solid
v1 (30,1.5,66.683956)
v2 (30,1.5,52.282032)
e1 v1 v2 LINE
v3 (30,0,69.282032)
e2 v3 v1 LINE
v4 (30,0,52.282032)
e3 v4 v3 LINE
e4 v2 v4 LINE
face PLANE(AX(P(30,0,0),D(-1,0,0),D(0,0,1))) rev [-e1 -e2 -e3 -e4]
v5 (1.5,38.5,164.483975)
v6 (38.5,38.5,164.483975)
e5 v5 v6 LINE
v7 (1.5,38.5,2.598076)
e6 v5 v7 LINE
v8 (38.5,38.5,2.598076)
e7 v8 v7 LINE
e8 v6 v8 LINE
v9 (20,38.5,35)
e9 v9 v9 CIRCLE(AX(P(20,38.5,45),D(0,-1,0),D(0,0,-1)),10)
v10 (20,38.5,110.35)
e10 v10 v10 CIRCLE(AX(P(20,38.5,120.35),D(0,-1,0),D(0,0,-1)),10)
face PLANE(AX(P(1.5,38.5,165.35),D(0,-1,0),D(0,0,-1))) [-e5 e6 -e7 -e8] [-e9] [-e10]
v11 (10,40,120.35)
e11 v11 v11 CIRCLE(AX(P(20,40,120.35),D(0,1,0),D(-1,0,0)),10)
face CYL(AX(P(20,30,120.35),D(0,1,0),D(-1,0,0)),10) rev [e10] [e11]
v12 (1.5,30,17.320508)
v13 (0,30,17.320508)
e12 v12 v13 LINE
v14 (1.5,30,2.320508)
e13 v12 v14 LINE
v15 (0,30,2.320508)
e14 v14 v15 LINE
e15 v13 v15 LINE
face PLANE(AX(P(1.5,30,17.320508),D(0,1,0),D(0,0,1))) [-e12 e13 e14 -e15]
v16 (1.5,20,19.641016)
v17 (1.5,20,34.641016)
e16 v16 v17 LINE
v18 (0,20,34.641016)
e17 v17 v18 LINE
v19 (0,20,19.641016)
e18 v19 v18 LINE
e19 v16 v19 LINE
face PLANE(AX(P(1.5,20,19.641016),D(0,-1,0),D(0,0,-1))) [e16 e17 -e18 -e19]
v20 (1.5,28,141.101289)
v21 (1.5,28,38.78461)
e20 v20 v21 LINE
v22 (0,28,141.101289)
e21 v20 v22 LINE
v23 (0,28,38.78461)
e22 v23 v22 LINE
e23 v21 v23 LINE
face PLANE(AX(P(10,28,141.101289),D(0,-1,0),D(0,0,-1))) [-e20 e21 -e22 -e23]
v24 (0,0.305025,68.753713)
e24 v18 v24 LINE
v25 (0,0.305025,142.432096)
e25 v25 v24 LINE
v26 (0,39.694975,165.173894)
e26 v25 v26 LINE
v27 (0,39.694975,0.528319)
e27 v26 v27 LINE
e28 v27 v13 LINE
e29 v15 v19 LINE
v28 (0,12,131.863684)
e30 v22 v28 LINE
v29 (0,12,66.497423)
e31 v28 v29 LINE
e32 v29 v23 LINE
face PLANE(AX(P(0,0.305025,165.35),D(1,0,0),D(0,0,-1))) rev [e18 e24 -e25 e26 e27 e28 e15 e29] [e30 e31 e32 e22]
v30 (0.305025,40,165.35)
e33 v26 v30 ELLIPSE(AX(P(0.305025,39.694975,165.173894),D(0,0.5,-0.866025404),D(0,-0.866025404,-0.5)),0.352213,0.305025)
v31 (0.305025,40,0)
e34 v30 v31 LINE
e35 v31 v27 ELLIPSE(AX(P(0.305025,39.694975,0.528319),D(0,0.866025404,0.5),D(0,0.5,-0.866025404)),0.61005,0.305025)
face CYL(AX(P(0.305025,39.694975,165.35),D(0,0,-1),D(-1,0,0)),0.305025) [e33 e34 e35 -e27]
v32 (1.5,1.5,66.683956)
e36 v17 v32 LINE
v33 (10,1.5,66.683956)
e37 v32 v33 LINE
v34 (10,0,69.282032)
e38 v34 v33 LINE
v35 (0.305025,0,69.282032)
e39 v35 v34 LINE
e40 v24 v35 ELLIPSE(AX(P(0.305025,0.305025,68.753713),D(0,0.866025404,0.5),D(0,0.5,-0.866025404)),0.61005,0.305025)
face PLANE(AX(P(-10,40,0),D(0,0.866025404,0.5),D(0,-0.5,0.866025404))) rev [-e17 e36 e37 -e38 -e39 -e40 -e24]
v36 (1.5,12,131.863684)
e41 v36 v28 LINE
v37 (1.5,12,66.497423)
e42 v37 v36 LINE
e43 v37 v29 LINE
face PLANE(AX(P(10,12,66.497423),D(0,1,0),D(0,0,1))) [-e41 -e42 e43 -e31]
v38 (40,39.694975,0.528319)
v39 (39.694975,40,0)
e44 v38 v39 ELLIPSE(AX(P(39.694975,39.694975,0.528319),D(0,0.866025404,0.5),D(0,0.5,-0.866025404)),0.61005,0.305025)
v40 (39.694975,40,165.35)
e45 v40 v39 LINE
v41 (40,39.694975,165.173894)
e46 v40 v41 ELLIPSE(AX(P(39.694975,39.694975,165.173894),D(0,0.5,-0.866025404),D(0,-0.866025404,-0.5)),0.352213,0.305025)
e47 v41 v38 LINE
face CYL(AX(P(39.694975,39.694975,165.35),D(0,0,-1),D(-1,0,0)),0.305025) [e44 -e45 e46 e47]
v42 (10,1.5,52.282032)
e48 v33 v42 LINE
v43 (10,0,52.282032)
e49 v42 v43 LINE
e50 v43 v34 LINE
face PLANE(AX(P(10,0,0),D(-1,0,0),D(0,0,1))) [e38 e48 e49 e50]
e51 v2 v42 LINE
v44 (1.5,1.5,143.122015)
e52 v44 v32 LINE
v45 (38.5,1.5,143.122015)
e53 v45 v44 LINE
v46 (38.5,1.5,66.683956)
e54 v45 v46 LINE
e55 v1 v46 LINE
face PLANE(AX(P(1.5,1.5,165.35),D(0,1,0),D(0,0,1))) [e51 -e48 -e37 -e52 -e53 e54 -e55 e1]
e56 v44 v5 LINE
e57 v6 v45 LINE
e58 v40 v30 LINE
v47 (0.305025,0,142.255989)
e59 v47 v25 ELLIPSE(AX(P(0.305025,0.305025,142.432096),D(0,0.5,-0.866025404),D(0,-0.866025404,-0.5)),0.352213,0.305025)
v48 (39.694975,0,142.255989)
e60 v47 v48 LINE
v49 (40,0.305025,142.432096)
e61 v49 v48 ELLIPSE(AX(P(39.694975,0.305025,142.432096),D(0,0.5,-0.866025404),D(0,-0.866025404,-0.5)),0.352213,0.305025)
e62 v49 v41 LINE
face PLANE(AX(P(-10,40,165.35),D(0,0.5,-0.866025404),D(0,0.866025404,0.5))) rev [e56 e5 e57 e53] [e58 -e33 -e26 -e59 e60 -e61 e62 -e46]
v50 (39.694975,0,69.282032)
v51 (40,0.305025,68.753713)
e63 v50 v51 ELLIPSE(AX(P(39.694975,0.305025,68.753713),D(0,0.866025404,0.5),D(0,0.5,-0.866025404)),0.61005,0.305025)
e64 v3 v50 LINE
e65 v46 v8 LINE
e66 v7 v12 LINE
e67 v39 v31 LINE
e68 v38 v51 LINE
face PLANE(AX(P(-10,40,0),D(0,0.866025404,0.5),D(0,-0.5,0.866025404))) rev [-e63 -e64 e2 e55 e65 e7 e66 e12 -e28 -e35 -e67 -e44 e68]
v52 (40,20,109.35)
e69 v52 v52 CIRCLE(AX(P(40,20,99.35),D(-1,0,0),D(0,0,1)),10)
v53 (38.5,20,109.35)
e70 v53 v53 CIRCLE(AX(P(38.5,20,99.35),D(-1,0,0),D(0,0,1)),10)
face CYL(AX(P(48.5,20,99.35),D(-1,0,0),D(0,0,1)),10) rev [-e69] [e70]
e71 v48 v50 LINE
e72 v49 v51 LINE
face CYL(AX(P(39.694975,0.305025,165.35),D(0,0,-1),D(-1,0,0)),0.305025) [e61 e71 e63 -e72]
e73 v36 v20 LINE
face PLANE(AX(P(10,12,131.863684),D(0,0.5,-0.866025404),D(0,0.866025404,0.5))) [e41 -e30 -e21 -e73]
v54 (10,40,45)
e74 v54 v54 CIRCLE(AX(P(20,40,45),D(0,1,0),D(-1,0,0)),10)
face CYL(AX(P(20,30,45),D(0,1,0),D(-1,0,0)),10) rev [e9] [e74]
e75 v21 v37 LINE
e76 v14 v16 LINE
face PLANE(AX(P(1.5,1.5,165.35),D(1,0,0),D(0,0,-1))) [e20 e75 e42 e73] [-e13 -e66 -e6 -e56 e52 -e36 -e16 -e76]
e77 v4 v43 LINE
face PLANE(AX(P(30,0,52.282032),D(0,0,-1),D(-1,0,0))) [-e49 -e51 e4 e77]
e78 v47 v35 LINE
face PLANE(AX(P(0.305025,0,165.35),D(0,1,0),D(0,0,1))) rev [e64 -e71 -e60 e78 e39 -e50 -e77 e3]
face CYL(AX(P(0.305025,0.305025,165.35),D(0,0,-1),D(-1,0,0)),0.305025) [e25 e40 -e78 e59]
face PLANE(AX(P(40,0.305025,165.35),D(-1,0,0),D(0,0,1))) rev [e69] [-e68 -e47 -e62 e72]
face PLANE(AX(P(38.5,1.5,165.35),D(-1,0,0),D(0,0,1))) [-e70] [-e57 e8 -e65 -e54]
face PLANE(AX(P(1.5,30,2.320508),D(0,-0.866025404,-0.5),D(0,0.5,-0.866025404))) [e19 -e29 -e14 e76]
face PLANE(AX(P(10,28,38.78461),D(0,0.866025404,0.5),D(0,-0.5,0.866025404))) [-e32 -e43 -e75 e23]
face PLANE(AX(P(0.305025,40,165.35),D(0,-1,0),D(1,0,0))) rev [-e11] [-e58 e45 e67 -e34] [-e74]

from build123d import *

# Parameters (mm, degrees)
SKETCH1_W           = 37
SKETCH1_H           = 37
BOSS_EXTRUDE1_DEPTH = 165.35
CUT_EXTRUDE1_DEPTH  = 50
BOSS_EXTRUDE2_START = -10
BOSS_EXTRUDE2_DEPTH = 20
BOSS_EXTRUDE3_DEPTH = 1.5
CUT_EXTRUDE2_DEPTH  = 10
SKETCH6_R           = 10
CUT_EXTRUDE3_DEPTH  = 10
SKETCH7_R           = 10
CUT_EXTRUDE4_DEPTH  = 10


with BuildPart() as part:
    # Sketch1 → Boss-Extrude1 (new body)
    with BuildSketch(Plane.XY):
        with BuildLine():
            Line((0.305025041, 0), (39.694974959, 0))
            ThreePointArc((39.694974959, 0), (39.910660234, 0.089339766), (40, 0.305025041))
            Line((40, 0.305025041), (40, 39.694974959))
            ThreePointArc((40, 39.694974959), (39.910660234, 39.910660234), (39.694974959, 40))
            Line((39.694974959, 40), (0.305025041, 40))
            ThreePointArc((0.305025041, 40), (0.089339766, 39.910660234), (0, 39.694974959))
            Line((0, 39.694974959), (0, 0.305025041))
            ThreePointArc((0, 0.305025041), (0.089339766, 0.089339766), (0.305025041, 0))
        make_face()
        with Locations((20, 20)):
            Rectangle(SKETCH1_W, SKETCH1_H, mode=Mode.SUBTRACT)
    extrude(amount=BOSS_EXTRUDE1_DEPTH)

    # Sketch2 → Cut-Extrude1 (cut)
    with BuildSketch(Plane(origin=(40, 0, 0), x_dir=(0, 0, -1), z_dir=(1, 0, 0))):
        Polygon((0, 40), (-69.282032303, 0), (0, 0), align=None)
        Polygon((-165.35, 40), (-142.255989232, 0), (-165.35, 0), align=None)
    extrude(amount=-CUT_EXTRUDE1_DEPTH, mode=Mode.SUBTRACT)

    # Sketch3 → Boss-Extrude2 (add)
    with BuildSketch(Plane.ZY.offset(BOSS_EXTRUDE2_START)):
        Polygon((69.282032303, 0), (52.282032303, 0), (52.282032303, 1.5), (66.683956091, 1.5), align=None)
    extrude(amount=-BOSS_EXTRUDE2_DEPTH)

    # Sketch4 → Boss-Extrude3 (add)
    with BuildSketch(Plane.ZY):
        Polygon((2.320508076, 30), (19.641016151, 20), (34.641016151, 20), (17.320508076, 30), align=None)
    extrude(amount=-BOSS_EXTRUDE3_DEPTH)

    # Sketch5 → Cut-Extrude2 (cut)
    with BuildSketch(Plane(origin=(0, 0, 0), x_dir=(0, 0, -1), z_dir=(1, 0, 0))):
        Polygon((-38.784609691, 28), (-66.497422612, 12), (-131.863684387, 12), (-141.101288694, 28), align=None)
    extrude(amount=CUT_EXTRUDE2_DEPTH, mode=Mode.SUBTRACT)

    # Sketch6 → Cut-Extrude3 (cut)
    with BuildSketch(Plane(origin=(0, 40, 0), x_dir=(1, 0, 0), z_dir=(0, 1, 0))):
        with Locations(Location((20, -120.35, 0), (0, 0, 180))):
            Circle(SKETCH6_R)
        with Locations(Location((20, -45, 0), (0, 0, 180))):
            Circle(SKETCH6_R)
    extrude(amount=-CUT_EXTRUDE3_DEPTH, mode=Mode.SUBTRACT)

    # Sketch7 → Cut-Extrude4 (cut)
    with BuildSketch(Plane.ZY.offset(-38.5)):
        with Locations((99.35, 20)):
            Circle(SKETCH7_R)
    extrude(amount=-CUT_EXTRUDE4_DEPTH, mode=Mode.SUBTRACT)


solid = part.part
